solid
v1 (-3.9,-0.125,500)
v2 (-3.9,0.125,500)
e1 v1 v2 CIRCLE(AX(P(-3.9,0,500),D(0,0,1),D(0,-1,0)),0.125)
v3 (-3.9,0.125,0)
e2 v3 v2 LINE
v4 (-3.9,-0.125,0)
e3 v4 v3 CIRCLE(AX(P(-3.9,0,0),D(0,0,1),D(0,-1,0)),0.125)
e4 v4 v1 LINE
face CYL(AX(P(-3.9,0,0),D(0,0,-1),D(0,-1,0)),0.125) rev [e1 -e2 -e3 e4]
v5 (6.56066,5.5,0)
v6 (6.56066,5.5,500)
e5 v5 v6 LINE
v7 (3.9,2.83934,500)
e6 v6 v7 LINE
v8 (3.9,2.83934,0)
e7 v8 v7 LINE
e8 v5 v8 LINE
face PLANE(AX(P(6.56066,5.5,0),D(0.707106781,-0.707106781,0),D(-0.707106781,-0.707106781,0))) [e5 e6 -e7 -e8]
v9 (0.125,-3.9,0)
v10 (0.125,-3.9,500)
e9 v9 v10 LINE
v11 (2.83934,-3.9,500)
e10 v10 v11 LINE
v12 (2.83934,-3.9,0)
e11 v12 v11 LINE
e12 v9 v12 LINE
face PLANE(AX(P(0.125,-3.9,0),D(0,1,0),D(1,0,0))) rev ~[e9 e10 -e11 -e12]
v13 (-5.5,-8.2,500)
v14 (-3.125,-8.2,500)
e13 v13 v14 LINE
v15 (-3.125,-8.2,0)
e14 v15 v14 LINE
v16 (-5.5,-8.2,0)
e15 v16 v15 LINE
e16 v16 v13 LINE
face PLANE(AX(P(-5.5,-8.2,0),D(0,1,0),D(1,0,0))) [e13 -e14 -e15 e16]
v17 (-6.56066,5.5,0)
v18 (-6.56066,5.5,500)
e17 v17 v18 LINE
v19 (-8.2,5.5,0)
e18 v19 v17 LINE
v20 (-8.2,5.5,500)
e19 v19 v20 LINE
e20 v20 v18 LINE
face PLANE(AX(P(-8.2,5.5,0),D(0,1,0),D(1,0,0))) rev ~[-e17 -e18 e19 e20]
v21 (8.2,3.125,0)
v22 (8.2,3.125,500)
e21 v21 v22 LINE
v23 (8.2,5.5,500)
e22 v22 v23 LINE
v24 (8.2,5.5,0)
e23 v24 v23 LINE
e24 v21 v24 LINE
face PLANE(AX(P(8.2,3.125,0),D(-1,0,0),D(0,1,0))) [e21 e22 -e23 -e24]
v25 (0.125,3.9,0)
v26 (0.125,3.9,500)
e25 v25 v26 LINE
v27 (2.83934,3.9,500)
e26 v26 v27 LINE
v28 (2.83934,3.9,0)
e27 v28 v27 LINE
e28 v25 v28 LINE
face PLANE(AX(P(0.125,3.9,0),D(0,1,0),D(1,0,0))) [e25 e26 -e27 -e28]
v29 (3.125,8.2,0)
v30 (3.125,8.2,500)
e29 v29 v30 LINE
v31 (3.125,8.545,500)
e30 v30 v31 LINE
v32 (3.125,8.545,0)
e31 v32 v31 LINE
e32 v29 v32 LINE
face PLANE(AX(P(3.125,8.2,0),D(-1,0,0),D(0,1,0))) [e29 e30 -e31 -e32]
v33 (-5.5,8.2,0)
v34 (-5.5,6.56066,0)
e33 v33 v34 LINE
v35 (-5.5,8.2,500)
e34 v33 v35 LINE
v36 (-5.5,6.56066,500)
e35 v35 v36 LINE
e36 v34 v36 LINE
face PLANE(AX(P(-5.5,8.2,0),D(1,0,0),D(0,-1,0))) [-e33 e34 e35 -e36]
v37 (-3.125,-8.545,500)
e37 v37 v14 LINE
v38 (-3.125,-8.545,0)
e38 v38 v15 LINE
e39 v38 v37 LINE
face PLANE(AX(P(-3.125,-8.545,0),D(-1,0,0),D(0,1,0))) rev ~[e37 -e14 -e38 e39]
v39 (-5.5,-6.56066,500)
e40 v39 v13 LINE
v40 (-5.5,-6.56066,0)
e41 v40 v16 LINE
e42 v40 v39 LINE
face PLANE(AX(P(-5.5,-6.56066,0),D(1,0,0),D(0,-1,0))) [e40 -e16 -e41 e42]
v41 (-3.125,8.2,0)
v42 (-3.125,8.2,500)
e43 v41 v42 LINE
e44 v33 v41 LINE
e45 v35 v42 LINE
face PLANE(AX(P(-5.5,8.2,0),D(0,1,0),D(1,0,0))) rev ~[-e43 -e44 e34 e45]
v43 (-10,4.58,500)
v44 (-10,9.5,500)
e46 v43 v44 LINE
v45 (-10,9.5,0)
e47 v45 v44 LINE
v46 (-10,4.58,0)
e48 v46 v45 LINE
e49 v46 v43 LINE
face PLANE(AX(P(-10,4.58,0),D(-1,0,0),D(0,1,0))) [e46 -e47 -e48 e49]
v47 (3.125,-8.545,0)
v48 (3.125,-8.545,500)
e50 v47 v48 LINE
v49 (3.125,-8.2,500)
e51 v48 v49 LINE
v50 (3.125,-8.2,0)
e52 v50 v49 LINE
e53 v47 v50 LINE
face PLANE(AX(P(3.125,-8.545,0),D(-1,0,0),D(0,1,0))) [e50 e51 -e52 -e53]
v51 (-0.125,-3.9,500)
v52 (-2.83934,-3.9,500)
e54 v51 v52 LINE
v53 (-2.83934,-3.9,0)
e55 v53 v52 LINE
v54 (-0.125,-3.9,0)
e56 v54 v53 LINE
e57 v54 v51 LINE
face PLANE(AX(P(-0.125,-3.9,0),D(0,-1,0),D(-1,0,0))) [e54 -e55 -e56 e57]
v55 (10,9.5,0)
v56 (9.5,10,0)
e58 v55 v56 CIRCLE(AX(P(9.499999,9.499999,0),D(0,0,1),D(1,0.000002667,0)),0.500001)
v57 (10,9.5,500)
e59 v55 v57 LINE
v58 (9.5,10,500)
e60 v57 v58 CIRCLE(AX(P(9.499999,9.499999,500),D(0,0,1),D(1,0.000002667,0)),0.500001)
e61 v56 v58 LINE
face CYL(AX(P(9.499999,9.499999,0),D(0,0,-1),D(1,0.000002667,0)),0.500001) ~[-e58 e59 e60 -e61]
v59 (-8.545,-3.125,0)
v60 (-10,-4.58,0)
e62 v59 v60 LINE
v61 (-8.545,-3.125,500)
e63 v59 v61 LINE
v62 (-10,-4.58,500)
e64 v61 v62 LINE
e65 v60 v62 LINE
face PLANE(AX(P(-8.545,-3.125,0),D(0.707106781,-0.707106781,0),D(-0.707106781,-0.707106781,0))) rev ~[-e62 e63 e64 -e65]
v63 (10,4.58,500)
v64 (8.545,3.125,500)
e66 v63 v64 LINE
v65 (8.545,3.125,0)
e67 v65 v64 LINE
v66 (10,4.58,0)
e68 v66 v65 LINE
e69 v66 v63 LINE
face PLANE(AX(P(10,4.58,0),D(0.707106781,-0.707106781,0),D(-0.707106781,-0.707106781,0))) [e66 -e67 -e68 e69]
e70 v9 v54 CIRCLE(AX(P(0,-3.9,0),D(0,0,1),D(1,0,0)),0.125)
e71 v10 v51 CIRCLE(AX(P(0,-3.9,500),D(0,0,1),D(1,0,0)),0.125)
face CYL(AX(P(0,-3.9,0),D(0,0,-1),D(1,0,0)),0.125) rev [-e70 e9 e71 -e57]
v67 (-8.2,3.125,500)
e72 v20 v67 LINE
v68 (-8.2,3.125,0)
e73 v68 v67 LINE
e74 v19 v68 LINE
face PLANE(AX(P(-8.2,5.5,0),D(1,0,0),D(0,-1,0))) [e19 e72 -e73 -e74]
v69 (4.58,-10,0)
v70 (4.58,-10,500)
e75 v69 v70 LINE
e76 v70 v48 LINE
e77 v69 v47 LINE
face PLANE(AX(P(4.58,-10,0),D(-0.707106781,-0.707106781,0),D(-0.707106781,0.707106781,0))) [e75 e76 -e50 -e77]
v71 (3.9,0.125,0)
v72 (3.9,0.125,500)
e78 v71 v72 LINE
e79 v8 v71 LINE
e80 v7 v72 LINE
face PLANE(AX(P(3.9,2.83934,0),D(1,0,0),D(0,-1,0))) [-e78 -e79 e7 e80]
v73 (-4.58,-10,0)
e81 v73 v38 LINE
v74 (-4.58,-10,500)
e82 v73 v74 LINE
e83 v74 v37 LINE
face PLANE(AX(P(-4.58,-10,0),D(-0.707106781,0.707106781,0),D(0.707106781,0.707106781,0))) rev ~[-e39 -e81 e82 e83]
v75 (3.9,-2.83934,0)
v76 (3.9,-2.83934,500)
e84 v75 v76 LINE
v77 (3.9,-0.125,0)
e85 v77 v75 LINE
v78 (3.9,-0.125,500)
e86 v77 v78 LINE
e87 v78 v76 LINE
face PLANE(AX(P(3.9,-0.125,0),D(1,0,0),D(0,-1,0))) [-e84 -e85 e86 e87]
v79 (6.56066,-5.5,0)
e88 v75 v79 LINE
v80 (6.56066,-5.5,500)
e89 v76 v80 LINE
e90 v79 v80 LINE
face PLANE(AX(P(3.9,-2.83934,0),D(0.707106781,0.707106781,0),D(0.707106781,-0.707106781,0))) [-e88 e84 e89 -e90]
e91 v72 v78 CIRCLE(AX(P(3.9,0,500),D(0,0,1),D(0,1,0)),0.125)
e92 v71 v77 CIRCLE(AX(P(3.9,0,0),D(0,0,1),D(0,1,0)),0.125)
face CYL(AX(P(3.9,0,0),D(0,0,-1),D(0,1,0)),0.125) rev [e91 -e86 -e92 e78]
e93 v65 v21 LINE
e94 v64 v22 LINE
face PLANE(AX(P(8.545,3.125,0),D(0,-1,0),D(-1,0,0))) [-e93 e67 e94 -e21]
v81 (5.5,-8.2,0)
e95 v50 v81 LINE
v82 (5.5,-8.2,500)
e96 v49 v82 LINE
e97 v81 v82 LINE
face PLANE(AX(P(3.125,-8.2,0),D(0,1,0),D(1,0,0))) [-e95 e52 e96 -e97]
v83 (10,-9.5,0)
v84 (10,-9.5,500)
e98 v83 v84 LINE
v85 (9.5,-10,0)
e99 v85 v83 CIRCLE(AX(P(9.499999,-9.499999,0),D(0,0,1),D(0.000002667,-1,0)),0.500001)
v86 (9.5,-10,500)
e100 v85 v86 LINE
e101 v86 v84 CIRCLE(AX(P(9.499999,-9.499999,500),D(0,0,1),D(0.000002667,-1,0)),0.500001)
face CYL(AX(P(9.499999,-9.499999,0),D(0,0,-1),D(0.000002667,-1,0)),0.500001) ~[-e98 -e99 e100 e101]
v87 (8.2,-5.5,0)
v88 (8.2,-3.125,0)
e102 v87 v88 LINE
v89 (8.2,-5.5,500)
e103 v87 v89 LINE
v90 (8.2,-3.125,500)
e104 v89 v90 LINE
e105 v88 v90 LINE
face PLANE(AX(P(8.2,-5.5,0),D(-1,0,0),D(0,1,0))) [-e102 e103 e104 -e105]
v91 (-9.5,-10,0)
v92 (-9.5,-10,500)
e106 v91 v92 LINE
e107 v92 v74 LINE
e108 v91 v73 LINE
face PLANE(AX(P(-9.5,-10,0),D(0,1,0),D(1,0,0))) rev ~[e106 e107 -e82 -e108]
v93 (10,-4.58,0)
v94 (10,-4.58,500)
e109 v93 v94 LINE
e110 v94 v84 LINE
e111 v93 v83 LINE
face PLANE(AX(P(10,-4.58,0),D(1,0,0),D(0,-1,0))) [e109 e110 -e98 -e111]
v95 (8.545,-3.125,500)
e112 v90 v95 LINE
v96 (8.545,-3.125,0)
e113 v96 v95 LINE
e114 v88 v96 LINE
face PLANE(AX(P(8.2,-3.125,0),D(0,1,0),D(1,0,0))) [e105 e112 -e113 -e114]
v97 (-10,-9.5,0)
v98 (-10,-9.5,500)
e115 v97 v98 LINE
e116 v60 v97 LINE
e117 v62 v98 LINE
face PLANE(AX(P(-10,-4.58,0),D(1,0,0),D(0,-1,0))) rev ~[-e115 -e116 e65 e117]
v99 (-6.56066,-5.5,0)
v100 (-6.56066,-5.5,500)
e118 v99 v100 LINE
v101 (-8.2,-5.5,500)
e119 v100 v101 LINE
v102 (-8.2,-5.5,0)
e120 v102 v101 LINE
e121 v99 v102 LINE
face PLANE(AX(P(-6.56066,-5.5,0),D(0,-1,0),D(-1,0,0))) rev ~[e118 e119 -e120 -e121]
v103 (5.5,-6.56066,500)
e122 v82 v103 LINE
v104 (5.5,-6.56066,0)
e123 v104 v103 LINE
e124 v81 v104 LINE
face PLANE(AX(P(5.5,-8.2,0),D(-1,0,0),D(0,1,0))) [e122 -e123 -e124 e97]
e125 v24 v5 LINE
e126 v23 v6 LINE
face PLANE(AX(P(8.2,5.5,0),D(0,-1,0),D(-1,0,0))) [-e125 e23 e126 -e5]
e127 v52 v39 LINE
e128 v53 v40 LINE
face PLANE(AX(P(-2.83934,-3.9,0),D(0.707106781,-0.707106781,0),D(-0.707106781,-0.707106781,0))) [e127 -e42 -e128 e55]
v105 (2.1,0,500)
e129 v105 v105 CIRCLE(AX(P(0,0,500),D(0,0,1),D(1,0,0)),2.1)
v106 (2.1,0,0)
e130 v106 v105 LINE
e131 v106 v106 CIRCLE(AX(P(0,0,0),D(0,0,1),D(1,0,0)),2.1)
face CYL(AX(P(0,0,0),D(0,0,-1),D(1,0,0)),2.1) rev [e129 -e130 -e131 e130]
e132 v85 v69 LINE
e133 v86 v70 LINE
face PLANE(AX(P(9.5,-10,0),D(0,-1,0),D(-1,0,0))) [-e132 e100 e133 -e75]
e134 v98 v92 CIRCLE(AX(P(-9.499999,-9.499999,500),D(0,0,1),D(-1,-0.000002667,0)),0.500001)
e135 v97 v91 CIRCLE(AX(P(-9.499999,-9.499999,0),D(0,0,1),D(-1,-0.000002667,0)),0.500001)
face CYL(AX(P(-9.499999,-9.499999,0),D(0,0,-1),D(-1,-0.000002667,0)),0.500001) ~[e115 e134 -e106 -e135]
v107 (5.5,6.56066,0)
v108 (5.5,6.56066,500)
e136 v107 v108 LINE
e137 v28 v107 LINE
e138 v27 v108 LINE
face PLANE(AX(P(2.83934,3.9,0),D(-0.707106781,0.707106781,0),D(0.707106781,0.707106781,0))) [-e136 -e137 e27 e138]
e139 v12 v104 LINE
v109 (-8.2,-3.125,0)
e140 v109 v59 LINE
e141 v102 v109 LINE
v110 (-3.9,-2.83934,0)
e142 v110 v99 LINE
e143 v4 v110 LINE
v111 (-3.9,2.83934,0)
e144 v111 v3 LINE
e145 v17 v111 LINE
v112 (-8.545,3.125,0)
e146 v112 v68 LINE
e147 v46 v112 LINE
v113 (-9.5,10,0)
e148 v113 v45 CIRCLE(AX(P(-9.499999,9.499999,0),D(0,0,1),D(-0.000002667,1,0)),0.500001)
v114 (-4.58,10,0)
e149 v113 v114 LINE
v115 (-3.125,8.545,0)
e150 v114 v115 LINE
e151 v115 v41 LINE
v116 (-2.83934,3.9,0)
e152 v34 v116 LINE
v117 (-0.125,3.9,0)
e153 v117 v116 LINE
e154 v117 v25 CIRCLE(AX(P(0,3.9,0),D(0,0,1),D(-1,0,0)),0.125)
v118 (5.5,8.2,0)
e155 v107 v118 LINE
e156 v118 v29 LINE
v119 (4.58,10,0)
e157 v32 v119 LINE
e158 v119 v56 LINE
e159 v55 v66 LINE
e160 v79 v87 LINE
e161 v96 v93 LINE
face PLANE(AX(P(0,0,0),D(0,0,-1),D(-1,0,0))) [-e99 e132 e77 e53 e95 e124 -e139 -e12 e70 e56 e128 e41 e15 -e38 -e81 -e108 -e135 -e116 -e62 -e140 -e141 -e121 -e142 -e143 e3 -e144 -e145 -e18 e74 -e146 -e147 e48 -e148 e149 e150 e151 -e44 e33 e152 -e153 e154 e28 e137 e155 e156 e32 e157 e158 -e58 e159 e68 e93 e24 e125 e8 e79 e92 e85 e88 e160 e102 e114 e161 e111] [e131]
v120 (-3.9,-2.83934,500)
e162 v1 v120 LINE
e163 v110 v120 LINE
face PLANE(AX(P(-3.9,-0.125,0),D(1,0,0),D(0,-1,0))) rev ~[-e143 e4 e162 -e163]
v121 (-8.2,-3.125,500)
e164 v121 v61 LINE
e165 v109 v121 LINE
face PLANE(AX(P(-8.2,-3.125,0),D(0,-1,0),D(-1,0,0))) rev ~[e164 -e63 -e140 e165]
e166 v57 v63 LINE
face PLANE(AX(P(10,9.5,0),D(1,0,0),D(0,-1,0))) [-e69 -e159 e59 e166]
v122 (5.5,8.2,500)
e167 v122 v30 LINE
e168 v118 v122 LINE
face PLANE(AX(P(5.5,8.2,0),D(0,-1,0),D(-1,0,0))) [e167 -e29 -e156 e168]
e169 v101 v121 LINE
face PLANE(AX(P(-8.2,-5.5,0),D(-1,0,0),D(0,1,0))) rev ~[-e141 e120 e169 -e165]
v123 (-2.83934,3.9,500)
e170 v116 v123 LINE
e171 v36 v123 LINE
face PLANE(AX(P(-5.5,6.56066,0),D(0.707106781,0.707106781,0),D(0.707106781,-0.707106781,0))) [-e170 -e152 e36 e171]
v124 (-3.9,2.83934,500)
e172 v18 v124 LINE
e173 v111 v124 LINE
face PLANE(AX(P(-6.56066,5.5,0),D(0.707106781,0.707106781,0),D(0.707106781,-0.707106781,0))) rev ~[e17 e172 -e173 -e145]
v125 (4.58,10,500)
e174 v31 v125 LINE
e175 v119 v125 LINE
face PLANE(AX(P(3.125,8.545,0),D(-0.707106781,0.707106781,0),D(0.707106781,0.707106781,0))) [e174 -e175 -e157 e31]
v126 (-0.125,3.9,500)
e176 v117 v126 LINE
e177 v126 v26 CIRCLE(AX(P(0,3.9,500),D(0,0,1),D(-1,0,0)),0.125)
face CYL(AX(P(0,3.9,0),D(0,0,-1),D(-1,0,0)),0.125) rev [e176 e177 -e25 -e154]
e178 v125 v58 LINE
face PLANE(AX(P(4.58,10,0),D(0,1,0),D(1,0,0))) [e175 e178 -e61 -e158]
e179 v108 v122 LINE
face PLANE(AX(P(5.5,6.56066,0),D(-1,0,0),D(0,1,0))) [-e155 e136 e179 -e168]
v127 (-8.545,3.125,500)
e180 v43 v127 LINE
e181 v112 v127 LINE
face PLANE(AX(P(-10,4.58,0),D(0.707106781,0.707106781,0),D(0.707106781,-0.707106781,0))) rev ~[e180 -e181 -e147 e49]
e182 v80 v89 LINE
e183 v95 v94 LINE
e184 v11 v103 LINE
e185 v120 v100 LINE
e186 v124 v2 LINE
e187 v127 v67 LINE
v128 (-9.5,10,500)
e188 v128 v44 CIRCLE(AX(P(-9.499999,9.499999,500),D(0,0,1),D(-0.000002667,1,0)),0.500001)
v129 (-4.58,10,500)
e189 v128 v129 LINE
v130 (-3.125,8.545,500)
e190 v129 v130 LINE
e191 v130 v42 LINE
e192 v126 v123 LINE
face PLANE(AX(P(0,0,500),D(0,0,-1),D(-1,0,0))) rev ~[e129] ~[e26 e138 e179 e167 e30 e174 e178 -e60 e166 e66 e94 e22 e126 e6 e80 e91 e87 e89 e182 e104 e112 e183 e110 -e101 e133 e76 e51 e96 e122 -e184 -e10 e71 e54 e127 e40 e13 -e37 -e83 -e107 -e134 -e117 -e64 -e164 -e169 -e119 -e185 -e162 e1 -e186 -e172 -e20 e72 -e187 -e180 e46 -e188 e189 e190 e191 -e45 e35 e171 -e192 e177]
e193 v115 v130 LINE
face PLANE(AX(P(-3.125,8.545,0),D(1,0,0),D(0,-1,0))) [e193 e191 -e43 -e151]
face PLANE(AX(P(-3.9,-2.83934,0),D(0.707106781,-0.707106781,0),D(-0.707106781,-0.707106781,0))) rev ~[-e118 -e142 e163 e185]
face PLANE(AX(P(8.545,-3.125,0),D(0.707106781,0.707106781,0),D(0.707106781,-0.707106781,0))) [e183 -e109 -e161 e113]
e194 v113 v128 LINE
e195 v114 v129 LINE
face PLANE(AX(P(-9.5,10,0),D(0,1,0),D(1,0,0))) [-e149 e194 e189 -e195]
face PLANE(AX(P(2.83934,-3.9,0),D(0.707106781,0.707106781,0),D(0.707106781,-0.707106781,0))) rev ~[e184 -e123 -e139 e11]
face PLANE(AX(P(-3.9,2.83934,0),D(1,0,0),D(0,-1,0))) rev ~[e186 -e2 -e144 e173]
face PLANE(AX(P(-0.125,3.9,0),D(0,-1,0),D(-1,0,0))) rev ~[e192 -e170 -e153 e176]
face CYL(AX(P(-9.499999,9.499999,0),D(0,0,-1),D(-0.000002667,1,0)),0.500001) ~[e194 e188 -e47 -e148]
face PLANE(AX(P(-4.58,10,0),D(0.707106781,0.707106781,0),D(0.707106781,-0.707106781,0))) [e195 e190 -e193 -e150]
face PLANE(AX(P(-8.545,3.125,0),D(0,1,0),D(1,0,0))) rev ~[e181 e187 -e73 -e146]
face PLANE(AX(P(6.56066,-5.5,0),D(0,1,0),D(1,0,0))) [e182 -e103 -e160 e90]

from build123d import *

# Parameters (mm, degrees)
SKETCH_R  = 2.1
PAD_DEPTH = 500


with BuildPart() as part:
    # Sketch → Pad (new body)
    with BuildSketch(Plane.XY):
        with BuildLine():
            Line((-10, 4.58), (-10, 9.5))
            ThreePointArc((-9.5, 10), (-9.853553, 9.853553), (-10, 9.5))
            Line((-9.5, 10), (-4.58, 10))
            Line((-4.58, 10), (-3.125, 8.545))
            Line((-3.125, 8.545), (-3.125, 8.2))
            Line((-5.5, 8.2), (-3.125, 8.2))
            Line((-5.5, 8.2), (-5.5, 6.56066))
            Line((-5.5, 6.56066), (-2.83934, 3.9))
            Line((-0.125, 3.9), (-2.83934, 3.9))
            ThreePointArc((-0.125, 3.9), (0, 3.775), (0.125, 3.9))
            Line((0.125, 3.9), (2.83934, 3.9))
            Line((2.83934, 3.9), (5.5, 6.56066))
            Line((5.5, 6.56066), (5.5, 8.2))
            Line((5.5, 8.2), (3.125, 8.2))
            Line((3.125, 8.2), (3.125, 8.545))
            Line((3.125, 8.545), (4.58, 10))
            Line((4.58, 10), (9.5, 10))
            ThreePointArc((10, 9.5), (9.853553, 9.853553), (9.5, 10))
            Line((10, 9.5), (10, 4.58))
            Line((10, 4.58), (8.545, 3.125))
            Line((8.545, 3.125), (8.2, 3.125))
            Line((8.2, 3.125), (8.2, 5.5))
            Line((8.2, 5.5), (6.56066, 5.5))
            Line((6.56066, 5.5), (3.9, 2.83934))
            Line((3.9, 2.83934), (3.9, 0.125))
            ThreePointArc((3.9, 0.125), (3.775, 0), (3.9, -0.125))
            Line((3.9, -0.125), (3.9, -2.83934))
            Line((3.9, -2.83934), (6.56066, -5.5))
            Line((6.56066, -5.5), (8.2, -5.5))
            Line((8.2, -5.5), (8.2, -3.125))
            Line((8.2, -3.125), (8.545, -3.125))
            Line((8.545, -3.125), (10, -4.58))
            Line((10, -4.58), (10, -9.5))
            ThreePointArc((9.5, -10), (9.853553, -9.853553), (10, -9.5))
            Line((9.5, -10), (4.58, -10))
            Line((4.58, -10), (3.125, -8.545))
            Line((3.125, -8.545), (3.125, -8.2))
            Line((3.125, -8.2), (5.5, -8.2))
            Line((5.5, -8.2), (5.5, -6.56066))
            Line((2.83934, -3.9), (5.5, -6.56066))
            Line((0.125, -3.9), (2.83934, -3.9))
            ThreePointArc((0.125, -3.9), (0, -3.775), (-0.125, -3.9))
            Line((-0.125, -3.9), (-2.83934, -3.9))
            Line((-2.83934, -3.9), (-5.5, -6.56066))
            Line((-5.5, -6.56066), (-5.5, -8.2))
            Line((-5.5, -8.2), (-3.125, -8.2))
            Line((-3.125, -8.545), (-3.125, -8.2))
            Line((-4.58, -10), (-3.125, -8.545))
            Line((-9.5, -10), (-4.58, -10))
            ThreePointArc((-10, -9.5), (-9.853553, -9.853553), (-9.5, -10))
            Line((-10, -4.58), (-10, -9.5))
            Line((-8.545, -3.125), (-10, -4.58))
            Line((-8.2, -3.125), (-8.545, -3.125))
            Line((-8.2, -5.5), (-8.2, -3.125))
            Line((-6.56066, -5.5), (-8.2, -5.5))
            Line((-3.9, -2.83934), (-6.56066, -5.5))
            Line((-3.9, -0.125), (-3.9, -2.83934))
            ThreePointArc((-3.9, -0.125), (-3.775, 0), (-3.9, 0.125))
            Line((-3.9, 2.83934), (-3.9, 0.125))
            Line((-6.56066, 5.5), (-3.9, 2.83934))
            Line((-8.2, 5.5), (-6.56066, 5.5))
            Line((-8.2, 5.5), (-8.2, 3.125))
            Line((-8.545, 3.125), (-8.2, 3.125))
            Line((-10, 4.58), (-8.545, 3.125))
        make_face()
        Circle(SKETCH_R, mode=Mode.SUBTRACT)
    extrude(amount=PAD_DEPTH)


solid = part.part
